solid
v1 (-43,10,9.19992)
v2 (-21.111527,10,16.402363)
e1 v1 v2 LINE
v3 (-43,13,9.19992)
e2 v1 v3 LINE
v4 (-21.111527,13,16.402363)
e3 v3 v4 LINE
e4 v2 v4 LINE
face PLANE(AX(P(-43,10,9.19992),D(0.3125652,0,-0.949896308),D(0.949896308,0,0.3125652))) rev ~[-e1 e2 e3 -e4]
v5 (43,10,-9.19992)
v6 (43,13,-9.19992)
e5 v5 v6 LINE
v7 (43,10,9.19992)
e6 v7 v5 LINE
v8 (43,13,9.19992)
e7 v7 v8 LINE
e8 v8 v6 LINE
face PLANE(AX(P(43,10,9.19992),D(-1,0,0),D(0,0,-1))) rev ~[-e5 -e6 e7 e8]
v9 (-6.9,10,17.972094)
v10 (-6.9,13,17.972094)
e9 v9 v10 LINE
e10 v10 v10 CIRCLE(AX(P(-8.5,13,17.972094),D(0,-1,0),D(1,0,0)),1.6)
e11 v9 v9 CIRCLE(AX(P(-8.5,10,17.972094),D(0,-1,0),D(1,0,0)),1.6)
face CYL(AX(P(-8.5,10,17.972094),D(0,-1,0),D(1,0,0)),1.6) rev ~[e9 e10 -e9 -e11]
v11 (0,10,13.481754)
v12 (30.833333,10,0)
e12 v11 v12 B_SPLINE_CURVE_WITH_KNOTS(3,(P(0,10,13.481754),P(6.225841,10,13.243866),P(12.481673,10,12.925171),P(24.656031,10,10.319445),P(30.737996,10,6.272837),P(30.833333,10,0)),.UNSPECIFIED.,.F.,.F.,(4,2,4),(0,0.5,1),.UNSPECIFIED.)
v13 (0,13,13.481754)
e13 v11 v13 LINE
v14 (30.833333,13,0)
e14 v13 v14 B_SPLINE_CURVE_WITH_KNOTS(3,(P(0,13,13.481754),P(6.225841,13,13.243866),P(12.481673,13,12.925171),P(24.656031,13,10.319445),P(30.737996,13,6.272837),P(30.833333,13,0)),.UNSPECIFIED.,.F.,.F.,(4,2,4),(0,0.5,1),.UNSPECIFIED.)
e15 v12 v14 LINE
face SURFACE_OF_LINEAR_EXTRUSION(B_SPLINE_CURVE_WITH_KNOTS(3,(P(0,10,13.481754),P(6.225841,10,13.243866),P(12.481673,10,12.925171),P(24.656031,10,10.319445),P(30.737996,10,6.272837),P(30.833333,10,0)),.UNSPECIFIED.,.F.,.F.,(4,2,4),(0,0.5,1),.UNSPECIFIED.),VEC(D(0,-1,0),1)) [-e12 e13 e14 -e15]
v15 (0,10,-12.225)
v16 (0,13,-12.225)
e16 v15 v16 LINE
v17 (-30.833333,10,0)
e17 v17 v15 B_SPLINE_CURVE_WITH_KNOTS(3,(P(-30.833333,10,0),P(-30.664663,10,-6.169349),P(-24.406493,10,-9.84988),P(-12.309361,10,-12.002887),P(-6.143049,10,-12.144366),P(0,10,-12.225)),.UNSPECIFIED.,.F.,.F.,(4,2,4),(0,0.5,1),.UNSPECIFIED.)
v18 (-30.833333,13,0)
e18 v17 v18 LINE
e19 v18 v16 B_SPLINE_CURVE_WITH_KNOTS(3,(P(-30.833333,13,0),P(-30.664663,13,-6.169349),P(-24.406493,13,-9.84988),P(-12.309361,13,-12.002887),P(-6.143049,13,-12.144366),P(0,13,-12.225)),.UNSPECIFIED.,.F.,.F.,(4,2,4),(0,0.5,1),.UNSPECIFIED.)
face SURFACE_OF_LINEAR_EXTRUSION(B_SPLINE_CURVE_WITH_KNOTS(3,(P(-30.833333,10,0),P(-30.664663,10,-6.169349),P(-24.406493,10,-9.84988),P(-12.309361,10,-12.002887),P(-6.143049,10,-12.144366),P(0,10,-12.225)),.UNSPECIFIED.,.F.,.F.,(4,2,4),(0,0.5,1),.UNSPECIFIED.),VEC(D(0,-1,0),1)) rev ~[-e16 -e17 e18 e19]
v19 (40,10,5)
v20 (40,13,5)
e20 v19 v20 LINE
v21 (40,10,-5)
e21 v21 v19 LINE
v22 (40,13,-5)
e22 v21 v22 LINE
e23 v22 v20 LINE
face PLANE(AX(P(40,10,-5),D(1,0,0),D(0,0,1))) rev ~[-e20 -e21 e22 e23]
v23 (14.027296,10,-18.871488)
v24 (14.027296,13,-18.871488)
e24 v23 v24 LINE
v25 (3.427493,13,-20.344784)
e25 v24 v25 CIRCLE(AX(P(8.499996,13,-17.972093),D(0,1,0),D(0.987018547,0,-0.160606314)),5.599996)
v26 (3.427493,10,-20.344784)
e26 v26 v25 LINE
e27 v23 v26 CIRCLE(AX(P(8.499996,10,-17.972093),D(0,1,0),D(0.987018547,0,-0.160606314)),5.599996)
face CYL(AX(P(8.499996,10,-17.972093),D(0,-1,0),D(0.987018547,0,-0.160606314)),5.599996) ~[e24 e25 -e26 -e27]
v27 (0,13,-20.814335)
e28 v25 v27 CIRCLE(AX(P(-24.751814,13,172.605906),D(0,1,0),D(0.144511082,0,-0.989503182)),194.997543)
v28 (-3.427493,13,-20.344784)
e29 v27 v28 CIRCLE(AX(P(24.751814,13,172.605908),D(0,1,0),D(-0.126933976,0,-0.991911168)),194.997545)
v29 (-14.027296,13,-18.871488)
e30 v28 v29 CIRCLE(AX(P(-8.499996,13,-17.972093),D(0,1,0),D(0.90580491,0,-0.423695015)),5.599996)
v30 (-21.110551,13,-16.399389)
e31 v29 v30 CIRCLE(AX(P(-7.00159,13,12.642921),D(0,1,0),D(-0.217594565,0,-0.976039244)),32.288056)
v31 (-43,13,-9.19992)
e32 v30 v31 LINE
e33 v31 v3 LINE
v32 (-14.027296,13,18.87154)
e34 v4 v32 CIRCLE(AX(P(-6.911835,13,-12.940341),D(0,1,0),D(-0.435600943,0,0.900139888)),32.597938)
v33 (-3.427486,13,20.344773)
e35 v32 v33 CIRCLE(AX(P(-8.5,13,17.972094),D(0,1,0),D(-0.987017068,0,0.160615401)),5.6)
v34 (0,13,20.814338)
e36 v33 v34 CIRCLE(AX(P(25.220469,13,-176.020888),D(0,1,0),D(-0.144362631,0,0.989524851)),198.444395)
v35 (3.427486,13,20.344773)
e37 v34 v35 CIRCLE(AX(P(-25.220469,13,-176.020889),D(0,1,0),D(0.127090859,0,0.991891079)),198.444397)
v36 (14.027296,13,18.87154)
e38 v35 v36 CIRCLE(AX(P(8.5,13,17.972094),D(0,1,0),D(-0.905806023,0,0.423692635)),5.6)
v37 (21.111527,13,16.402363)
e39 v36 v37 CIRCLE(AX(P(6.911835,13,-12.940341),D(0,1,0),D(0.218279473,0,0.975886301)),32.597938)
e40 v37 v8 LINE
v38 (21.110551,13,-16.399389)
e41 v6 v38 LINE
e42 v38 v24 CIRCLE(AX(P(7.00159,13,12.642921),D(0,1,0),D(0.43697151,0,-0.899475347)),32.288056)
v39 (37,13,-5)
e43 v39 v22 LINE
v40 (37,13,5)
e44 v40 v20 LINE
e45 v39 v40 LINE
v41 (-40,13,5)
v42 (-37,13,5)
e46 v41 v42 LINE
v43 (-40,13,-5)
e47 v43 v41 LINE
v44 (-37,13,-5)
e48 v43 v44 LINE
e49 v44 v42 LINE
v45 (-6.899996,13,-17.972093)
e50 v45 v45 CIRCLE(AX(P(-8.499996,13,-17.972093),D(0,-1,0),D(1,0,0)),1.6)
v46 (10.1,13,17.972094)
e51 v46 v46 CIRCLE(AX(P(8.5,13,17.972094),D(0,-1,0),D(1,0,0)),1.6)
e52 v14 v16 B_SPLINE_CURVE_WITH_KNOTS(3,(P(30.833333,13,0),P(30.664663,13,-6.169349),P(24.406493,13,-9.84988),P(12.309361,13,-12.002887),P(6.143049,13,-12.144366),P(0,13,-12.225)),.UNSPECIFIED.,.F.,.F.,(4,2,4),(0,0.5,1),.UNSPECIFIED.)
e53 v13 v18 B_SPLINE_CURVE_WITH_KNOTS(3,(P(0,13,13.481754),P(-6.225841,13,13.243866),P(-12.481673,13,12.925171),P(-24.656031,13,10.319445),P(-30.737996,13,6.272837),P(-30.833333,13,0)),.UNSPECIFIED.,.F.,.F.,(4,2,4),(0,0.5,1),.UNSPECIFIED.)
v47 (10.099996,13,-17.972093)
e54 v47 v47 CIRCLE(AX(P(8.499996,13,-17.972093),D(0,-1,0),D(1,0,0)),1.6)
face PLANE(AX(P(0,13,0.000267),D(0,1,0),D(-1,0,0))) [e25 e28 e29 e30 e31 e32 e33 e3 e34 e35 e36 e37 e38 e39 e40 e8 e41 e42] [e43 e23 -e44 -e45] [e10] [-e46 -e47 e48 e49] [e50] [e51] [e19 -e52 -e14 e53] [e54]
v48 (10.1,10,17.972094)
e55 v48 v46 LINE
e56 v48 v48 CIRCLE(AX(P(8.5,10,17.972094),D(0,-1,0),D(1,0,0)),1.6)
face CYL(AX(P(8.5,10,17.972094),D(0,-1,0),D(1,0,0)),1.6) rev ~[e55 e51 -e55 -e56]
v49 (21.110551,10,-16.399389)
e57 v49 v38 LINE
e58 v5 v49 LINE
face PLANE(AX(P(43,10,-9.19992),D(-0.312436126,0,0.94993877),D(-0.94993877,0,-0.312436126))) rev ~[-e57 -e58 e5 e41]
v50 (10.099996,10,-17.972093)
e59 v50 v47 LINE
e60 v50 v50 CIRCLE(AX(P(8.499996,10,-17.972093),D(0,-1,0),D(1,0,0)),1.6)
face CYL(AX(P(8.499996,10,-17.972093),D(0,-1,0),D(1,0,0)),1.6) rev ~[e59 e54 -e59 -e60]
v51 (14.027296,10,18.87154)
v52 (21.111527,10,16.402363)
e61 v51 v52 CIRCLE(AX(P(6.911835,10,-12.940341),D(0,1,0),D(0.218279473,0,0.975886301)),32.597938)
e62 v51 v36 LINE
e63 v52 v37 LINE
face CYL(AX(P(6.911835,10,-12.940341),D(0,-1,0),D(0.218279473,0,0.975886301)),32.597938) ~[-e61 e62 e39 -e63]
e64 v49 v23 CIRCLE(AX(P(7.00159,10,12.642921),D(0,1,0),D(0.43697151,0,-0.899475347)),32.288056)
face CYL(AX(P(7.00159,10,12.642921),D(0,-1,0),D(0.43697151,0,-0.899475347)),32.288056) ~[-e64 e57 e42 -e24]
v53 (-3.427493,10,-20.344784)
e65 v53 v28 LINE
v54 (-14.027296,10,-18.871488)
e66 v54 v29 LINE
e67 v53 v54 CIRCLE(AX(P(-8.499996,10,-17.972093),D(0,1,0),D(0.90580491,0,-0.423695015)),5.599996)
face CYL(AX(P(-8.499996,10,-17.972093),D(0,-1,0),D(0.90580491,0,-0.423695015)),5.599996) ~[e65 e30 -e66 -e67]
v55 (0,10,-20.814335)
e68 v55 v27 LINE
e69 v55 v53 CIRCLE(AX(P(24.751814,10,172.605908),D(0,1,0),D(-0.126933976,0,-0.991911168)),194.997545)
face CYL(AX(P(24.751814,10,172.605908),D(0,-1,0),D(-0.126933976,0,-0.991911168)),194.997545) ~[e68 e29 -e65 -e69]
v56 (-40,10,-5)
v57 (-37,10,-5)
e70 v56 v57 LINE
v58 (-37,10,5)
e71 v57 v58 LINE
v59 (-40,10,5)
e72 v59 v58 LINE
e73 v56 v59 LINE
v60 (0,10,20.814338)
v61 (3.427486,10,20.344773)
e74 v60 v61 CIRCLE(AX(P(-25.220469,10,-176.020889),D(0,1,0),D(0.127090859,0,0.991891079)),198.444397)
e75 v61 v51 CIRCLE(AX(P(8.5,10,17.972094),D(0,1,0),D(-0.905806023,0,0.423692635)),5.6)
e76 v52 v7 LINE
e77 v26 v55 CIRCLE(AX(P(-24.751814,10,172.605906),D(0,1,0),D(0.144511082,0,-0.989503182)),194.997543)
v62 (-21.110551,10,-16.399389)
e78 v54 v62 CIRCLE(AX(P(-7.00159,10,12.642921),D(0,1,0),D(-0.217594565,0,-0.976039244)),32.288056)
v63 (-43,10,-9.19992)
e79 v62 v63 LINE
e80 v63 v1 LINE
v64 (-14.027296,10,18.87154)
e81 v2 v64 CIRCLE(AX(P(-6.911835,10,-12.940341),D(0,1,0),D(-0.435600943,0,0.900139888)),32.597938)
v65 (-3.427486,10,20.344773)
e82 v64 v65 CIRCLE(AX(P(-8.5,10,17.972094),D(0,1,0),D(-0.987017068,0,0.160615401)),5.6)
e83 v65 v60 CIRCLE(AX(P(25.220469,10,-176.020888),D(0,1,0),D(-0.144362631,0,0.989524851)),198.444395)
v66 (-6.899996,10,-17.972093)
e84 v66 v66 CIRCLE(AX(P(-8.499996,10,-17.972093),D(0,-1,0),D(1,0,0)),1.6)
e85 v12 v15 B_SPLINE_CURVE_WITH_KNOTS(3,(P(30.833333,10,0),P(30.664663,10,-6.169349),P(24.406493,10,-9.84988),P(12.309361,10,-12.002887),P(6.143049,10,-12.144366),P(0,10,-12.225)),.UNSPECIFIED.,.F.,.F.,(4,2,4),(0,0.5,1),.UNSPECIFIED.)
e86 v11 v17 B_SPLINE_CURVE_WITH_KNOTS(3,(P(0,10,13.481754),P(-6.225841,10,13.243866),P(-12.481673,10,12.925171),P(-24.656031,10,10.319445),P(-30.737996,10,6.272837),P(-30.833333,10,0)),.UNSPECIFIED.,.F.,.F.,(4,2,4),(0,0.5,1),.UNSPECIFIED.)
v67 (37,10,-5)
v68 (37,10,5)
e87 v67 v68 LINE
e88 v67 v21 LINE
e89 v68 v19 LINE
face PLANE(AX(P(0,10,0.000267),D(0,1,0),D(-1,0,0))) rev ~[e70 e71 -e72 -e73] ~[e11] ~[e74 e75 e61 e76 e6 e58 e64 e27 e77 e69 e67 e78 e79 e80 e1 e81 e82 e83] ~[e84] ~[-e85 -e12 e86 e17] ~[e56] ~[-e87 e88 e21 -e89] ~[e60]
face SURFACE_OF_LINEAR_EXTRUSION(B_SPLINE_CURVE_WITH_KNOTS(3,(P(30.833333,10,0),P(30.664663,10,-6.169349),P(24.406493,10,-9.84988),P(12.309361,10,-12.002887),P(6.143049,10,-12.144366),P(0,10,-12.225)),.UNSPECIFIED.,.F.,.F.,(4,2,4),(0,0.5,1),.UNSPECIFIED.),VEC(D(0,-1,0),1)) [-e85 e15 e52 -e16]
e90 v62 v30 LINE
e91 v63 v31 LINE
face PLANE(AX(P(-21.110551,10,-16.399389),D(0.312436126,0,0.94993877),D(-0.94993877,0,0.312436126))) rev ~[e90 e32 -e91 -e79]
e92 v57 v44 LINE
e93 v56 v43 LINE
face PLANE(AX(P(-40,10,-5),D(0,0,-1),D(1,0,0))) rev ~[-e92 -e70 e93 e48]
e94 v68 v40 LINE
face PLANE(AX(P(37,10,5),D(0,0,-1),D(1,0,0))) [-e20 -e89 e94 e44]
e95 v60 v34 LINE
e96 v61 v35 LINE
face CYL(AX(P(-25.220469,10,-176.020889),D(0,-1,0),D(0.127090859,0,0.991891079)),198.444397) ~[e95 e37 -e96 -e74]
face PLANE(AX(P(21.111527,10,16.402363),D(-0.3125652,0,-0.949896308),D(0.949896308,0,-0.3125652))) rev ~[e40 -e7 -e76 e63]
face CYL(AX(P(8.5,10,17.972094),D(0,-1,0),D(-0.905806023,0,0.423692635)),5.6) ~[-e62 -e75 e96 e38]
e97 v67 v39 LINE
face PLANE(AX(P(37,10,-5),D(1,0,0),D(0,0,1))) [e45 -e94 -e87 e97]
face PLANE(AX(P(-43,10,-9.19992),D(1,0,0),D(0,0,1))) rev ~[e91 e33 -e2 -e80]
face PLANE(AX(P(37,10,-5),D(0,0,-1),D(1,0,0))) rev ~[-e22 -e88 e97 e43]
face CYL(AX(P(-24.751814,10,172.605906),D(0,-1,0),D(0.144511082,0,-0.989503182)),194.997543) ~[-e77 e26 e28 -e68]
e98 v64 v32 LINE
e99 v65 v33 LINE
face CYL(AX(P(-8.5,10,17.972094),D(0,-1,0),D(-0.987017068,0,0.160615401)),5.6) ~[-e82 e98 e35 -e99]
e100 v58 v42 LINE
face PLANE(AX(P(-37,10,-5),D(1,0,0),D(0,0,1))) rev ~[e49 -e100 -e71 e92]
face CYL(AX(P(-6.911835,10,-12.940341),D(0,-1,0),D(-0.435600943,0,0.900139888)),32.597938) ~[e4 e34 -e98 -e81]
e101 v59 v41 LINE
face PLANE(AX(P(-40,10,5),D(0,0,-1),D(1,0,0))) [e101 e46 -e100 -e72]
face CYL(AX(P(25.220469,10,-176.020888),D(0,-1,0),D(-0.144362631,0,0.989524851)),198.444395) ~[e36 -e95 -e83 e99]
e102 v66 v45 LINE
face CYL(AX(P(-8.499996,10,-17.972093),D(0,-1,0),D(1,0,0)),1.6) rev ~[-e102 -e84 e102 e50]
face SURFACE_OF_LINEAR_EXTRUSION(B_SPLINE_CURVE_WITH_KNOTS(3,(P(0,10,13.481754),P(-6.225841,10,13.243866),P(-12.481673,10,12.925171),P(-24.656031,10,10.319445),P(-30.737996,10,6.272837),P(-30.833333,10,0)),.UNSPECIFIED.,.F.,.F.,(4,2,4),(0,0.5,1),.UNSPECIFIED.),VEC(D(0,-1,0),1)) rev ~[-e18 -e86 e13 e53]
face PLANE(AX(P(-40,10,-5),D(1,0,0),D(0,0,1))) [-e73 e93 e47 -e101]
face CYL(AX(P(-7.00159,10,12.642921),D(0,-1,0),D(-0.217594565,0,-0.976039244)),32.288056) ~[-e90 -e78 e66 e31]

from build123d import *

# Parameters (mm, degrees)
ESBO_O1_R                = 1.6
ESBO_O1_R_2              = 1.600000007
ESBO_O1_W                = 3
ESBO_O1_H                = 10
RESSALTO_EXTRUS_O1_DEPTH = 3


with BuildPart() as part:
    # Esboço1 → Ressalto-extrusão1 (new body)
    with BuildSketch(Plane.XZ.offset(-10)):
        with BuildLine():
            Line((42.999999997, -9.199919627), (21.11055054, -16.399388678))
            ThreePointArc((21.11055054, -16.399388678), (17.640967155, -17.841864894), (14.027295524, -18.871488049))
            ThreePointArc((14.027295524, -18.871488049), (9.270943356, -23.518767255), (3.427492506, -20.344783619))
            ThreePointArc((3.427492506, -20.344783619), (1.714787578, -20.587160488), (-3e-09, -20.814335031))
            ThreePointArc((-3e-09, -20.814335031), (-1.714787584, -20.587160488), (-3.427492513, -20.344783619))
            ThreePointArc((-3.427492513, -20.344783619), (-9.270943363, -23.518767255), (-14.02729553, -18.871488049))
            ThreePointArc((-14.02729553, -18.871488049), (-17.640967162, -17.841864894), (-21.110550547, -16.399388678))
            Line((-21.110550547, -16.399388678), (-43.000000003, -9.199919627))
            Line((-43.000000003, -9.199919627), (-43.000000003, 9.199919627))
            Line((-43.000000003, 9.199919627), (-21.111527461, 16.402363453))
            ThreePointArc((-21.111527461, 16.402363453), (-17.64068144, 17.841429998), (-14.027295586, 18.871540329))
            ThreePointArc((-14.027295586, 18.871540329), (-9.270915171, 23.518776829), (-3.427486355, 20.344772827))
            ThreePointArc((-3.427486355, 20.344772827), (-1.714766445, 20.587024324), (-3e-09, 20.814337605))
            ThreePointArc((-3e-09, 20.814337605), (1.714766438, 20.587024324), (3.427486348, 20.344772827))
            ThreePointArc((3.427486348, 20.344772827), (9.270915164, 23.518776829), (14.027295579, 18.871540329))
            ThreePointArc((14.027295579, 18.871540329), (17.640681433, 17.841429998), (21.111527454, 16.402363453))
            Line((21.111527454, 16.402363453), (42.999999997, 9.199919627))
            Line((42.999999997, 9.199919627), (42.999999997, -9.199919627))
        make_face()
        with Locations((-8.499996016, -17.972093401)):
            Circle(ESBO_O1_R, mode=Mode.SUBTRACT)
        with Locations((-8.500000045, 17.972094091)):
            Circle(ESBO_O1_R_2, mode=Mode.SUBTRACT)
        with Locations((8.500000038, 17.972094091)):
            Circle(ESBO_O1_R_2, mode=Mode.SUBTRACT)
        with Locations((8.499996009, -17.972093401)):
            Circle(ESBO_O1_R, mode=Mode.SUBTRACT)
        with Locations((-38.500000003, 0)):
            Rectangle(ESBO_O1_W, ESBO_O1_H, mode=Mode.SUBTRACT)
        with Locations((38.499999997, 0)):
            Rectangle(ESBO_O1_W, ESBO_O1_H, mode=Mode.SUBTRACT)
        with BuildLine():
            add(Edge.make_bspline(
                [(0, 13.48175396), (-6.225840887, 13.243866192), (-12.481673421, 12.925170728), (-24.656030895, 10.319444852), (-30.737996444, 6.272836714), (-30.833333333, 0)],
                knots=[0, 0, 0, 0, 0.5, 0.5, 1, 1, 1, 1], degree=3))
            add(Edge.make_bspline(
                [(-30.833333333, 0), (-30.664662625, -6.169349261), (-24.406493372, -9.849880174), (-12.309360845, -12.002886564), (-6.143049468, -12.144365954), (-7e-09, -12.225)],
                knots=[0, 0, 0, 0, 0.5, 0.5, 1, 1, 1, 1], degree=3))
            add(Edge.make_bspline(
                [(30.833333326, 0), (30.664662618, -6.169349261), (24.406493365, -9.849880174), (12.309360838, -12.002886564), (6.143049461, -12.144365954), (-7e-09, -12.225)],
                knots=[0, 0, 0, 0, 0.5, 0.5, 1, 1, 1, 1], degree=3))
            add(Edge.make_bspline(
                [(0, 13.48175396), (6.22584088, 13.243866192), (12.481673414, 12.925170728), (24.656030889, 10.319444852), (30.737996437, 6.272836714), (30.833333326, 0)],
                knots=[0, 0, 0, 0, 0.5, 0.5, 1, 1, 1, 1], degree=3))
        make_face(mode=Mode.SUBTRACT)
    extrude(amount=-RESSALTO_EXTRUS_O1_DEPTH)


solid = part.part
